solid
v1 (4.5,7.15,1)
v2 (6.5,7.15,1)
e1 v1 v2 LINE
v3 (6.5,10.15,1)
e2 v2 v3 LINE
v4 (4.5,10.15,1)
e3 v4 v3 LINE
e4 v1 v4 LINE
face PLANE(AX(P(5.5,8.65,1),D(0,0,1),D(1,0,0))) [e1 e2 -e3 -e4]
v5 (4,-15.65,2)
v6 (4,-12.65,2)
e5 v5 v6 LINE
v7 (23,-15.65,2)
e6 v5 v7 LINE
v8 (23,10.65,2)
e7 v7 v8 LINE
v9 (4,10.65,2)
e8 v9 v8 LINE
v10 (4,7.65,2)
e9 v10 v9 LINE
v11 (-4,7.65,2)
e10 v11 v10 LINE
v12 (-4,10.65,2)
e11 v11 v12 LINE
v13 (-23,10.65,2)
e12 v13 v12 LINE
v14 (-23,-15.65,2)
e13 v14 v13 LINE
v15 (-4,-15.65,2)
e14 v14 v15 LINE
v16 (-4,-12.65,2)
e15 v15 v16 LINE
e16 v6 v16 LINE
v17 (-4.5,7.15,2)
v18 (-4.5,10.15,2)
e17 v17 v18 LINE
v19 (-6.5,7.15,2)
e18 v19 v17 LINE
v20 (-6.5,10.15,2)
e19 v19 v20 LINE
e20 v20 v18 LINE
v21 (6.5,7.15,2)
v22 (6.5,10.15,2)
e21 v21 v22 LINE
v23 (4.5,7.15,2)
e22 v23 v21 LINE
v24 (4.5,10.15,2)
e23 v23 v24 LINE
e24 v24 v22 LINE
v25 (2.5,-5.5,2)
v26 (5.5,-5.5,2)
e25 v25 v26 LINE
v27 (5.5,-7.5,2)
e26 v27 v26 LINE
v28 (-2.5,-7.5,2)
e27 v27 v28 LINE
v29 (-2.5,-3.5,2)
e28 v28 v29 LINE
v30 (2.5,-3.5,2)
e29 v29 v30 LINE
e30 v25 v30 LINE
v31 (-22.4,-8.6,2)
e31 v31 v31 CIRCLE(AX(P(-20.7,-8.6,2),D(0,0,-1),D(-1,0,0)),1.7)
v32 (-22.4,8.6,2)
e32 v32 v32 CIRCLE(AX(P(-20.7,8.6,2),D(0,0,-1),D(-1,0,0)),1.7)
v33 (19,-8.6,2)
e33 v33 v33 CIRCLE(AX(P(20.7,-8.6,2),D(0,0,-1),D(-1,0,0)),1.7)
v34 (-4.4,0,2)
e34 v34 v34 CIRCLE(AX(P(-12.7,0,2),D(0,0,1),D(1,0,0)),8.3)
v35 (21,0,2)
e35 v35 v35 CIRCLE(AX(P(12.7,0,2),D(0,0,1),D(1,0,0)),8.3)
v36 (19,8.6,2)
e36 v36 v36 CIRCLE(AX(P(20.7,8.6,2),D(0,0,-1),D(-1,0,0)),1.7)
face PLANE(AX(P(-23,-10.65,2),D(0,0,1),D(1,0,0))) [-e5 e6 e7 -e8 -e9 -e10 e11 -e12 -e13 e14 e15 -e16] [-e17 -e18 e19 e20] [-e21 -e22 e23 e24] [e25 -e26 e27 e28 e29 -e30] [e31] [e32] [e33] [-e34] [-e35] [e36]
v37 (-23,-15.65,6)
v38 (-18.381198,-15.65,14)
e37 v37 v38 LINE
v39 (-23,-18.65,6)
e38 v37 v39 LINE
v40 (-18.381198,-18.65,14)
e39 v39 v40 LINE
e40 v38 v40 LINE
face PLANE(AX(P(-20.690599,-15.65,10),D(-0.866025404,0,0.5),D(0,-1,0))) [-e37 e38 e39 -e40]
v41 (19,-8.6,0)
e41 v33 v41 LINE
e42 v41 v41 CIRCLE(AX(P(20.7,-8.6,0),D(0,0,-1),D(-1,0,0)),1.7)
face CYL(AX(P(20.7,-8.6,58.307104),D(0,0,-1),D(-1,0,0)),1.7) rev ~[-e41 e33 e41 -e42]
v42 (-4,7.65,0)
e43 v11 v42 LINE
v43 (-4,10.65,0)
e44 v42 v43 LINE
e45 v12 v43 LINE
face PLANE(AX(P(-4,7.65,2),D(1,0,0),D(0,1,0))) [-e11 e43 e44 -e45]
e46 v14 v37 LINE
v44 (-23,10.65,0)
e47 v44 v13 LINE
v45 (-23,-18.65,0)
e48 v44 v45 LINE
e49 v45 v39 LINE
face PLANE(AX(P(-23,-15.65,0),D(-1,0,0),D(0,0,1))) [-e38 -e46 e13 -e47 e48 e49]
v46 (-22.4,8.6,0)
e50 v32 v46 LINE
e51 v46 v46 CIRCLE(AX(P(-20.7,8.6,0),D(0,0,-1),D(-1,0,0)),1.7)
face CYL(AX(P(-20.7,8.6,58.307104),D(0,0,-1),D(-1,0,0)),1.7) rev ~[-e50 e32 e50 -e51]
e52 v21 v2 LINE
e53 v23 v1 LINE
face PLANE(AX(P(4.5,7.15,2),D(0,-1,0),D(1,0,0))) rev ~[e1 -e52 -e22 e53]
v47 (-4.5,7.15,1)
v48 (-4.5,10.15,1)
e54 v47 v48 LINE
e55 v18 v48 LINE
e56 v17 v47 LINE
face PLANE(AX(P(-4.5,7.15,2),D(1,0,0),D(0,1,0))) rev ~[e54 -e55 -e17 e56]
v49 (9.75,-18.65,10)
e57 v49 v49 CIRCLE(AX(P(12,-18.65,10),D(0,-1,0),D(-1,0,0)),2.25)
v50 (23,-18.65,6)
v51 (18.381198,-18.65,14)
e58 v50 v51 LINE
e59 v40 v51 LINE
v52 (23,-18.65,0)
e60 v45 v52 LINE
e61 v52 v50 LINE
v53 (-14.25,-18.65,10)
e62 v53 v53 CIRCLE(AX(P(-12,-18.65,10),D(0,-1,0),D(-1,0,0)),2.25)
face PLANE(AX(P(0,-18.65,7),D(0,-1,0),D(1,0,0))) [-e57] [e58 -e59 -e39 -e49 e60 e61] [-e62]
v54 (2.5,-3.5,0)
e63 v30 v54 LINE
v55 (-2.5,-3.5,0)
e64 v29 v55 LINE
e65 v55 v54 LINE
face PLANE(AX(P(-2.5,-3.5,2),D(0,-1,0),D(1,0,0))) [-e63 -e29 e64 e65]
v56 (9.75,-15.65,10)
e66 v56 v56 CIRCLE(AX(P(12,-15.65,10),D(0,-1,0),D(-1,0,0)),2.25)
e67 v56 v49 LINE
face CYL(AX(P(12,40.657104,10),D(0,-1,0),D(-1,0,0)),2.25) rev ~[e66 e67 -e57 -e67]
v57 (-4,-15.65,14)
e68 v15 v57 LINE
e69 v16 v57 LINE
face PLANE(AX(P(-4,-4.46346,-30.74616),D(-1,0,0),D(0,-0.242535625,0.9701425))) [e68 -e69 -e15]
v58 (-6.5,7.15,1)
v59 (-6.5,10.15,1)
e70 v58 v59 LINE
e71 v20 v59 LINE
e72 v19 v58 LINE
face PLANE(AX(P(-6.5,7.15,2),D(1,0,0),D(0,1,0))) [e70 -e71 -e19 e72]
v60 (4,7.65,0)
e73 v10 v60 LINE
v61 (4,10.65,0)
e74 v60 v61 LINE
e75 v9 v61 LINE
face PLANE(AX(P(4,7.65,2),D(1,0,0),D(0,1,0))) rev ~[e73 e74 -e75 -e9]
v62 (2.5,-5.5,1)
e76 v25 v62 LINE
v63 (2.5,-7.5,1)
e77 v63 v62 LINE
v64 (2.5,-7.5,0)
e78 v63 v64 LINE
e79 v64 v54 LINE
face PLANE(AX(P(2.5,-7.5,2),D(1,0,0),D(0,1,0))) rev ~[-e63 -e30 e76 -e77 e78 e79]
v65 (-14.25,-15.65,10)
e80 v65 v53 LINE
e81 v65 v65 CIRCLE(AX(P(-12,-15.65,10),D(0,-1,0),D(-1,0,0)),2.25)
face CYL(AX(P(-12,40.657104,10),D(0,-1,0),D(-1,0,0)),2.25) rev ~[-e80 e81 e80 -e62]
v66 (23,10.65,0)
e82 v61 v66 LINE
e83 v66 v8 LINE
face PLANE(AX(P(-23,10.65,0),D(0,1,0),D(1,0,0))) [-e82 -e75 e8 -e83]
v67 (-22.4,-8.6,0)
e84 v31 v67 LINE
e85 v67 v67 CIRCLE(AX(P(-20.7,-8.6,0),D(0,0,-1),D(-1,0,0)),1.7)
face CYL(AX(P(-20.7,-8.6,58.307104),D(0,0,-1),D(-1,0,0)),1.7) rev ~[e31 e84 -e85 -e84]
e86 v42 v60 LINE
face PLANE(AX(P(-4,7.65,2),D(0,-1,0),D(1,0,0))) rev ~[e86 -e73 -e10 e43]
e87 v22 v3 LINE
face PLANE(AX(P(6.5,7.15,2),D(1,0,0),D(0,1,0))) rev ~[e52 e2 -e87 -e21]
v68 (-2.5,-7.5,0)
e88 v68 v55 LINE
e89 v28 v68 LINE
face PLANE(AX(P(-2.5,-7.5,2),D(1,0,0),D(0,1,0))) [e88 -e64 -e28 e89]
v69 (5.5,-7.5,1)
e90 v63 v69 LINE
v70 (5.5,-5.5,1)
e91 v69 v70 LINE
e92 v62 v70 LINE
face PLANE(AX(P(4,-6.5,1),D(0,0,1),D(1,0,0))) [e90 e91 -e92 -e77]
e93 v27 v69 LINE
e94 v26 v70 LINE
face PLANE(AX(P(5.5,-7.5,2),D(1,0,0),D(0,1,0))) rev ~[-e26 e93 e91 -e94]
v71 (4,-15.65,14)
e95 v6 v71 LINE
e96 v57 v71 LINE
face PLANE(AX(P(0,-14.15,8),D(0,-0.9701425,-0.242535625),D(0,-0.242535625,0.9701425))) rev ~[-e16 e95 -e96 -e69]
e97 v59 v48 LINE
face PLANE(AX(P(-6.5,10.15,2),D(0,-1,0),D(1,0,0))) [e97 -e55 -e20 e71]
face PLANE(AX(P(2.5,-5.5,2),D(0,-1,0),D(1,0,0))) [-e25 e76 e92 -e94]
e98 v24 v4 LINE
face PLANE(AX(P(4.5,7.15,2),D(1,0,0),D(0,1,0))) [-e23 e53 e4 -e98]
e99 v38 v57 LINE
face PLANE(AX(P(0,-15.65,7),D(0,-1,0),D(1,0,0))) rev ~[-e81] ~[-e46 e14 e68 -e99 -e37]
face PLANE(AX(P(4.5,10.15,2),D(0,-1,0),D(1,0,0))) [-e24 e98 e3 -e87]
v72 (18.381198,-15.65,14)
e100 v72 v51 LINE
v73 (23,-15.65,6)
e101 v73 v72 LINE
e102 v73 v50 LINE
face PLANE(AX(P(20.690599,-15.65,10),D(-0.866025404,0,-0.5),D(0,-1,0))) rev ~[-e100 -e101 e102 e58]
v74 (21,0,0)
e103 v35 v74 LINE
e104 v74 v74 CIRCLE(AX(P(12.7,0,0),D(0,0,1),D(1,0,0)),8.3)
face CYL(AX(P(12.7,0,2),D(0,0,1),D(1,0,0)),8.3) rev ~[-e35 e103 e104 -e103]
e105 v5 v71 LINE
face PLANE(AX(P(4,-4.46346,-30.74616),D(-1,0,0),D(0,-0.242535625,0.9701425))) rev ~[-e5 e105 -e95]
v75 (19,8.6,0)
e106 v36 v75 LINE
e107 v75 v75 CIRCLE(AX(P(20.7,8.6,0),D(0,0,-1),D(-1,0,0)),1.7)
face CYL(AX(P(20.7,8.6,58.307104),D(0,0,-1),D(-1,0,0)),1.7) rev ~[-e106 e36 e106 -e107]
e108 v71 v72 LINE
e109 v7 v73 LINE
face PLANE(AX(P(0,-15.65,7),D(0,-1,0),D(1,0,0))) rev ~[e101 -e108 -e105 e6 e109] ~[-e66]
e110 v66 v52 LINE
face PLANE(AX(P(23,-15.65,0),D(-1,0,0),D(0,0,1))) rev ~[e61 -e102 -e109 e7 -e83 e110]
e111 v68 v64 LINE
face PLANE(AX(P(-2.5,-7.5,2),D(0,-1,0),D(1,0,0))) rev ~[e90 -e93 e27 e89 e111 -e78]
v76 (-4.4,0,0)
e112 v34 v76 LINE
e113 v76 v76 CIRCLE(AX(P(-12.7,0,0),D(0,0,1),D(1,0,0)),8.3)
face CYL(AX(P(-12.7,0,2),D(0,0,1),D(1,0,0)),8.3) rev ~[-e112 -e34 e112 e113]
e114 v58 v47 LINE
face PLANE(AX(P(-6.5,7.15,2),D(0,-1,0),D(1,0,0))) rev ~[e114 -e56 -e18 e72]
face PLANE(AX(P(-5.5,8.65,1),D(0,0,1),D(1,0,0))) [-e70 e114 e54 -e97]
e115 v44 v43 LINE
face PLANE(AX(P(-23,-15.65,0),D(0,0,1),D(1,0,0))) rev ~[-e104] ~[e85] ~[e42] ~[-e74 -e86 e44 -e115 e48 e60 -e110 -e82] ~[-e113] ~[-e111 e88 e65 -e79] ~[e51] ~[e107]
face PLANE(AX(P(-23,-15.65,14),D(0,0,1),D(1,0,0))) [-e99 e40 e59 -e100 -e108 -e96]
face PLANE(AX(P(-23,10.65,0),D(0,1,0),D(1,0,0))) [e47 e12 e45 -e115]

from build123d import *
from OCP.BRepFilletAPI import BRepFilletAPI_MakeChamfer

# Parameters (mm, degrees)
SKETCH_1_W          = 46
SKETCH_1_H          = 21.3
EXTRUDE_1_DEPTH     = 2
SKETCH_2_R          = 8.3
CUT_EXTRUDE_1_DEPTH = 26.424840216
SKETCH_3_W          = 8
SKETCH_3_H          = 3
CUT_EXTRUDE_2_DEPTH = 26.424840216
SKETCH_4_W          = 5
SKETCH_4_H          = 4
CUT_EXTRUDE_3_DEPTH = 26.424840216
SKETCH_5_W          = 3
SKETCH_5_H          = 2
SKETCH_5_W_2        = 2
SKETCH_5_H_2        = 3
CUT_EXTRUDE_4_DEPTH = 1
SKETCH_8_W          = 46
SKETCH_8_H          = 2
EXTRUDE_2_DEPTH     = 5
SKETCH_9_W          = 46
SKETCH_9_H          = 14
EXTRUDE_3_DEPTH     = 3
HOLE_WIZARD_M3_1_D  = 3.4
HOLE_WIZARD_M4_1_D  = 4.5
RIB_1_REACH         = 34.754
SKETCH_13_WALL_W    = 79.877255328
SKETCH_13_WALL_H    = 8
CHAMFER_1_SIZE      = 8
CHAMFER_1_SIZE2     = 4.618802154


with BuildPart() as part:
    # 草圖1 → 填料-伸長1 (new body)
    with BuildSketch(Plane.XY):
        Rectangle(SKETCH_1_W, SKETCH_1_H)
    extrude(amount=EXTRUDE_1_DEPTH)

    # 草圖2 → 除料-伸長1 (cut, through all)
    with BuildSketch(Plane.XY.offset(2)):
        with Locations((-12.7, 0)):
            Circle(SKETCH_2_R)
        with Locations((12.7, 0)):
            Circle(SKETCH_2_R)
    extrude(amount=-CUT_EXTRUDE_1_DEPTH, mode=Mode.SUBTRACT)

    # 草圖3 → 除料-伸長2 (cut, through all)
    with BuildSketch(Plane.XY.offset(2)):
        with Locations((0, 9.15)):
            Rectangle(SKETCH_3_W, SKETCH_3_H)
    extrude(amount=-CUT_EXTRUDE_2_DEPTH, mode=Mode.SUBTRACT)

    # 草圖4 → 除料-伸長3 (cut, through all)
    with BuildSketch(Plane.XY.offset(2)):
        with Locations((0, -5.5)):
            Rectangle(SKETCH_4_W, SKETCH_4_H)
    extrude(amount=-CUT_EXTRUDE_3_DEPTH, mode=Mode.SUBTRACT)

    # 草圖5 → 除料-伸長4 (cut)
    with BuildSketch(Plane.XY.offset(2)):
        with Locations((4, -6.5)):
            Rectangle(SKETCH_5_W, SKETCH_5_H)
        with Locations((-5.5, 8.65)):
            Rectangle(SKETCH_5_W_2, SKETCH_5_H_2)
        with Locations((5.5, 8.65)):
            Rectangle(SKETCH_5_W_2, SKETCH_5_H_2)
    extrude(amount=-CUT_EXTRUDE_4_DEPTH, mode=Mode.SUBTRACT)

    # 草圖8 → 填料-伸長2 (add)
    with BuildSketch(Plane.XZ.offset(10.65)):
        with Locations((0, 1)):
            Rectangle(SKETCH_8_W, SKETCH_8_H)
    extrude(amount=EXTRUDE_2_DEPTH)

    # 草圖9 → 填料-伸長3 (add)
    with BuildSketch(Plane.XZ.offset(15.65)):
        with Locations((0, 7)):
            Rectangle(SKETCH_9_W, SKETCH_9_H)
    extrude(amount=EXTRUDE_3_DEPTH)

    # M3 餘隙孔1 (through all)
    with Locations(Plane.XY.offset(2)):
        with Locations((20.7, 8.6), (-20.7, -8.6), (-20.7, 8.6), (20.7, -8.6)):
            Hole(HOLE_WIZARD_M3_1_D / 2)

    # M4 餘隙孔1 (through all)
    with Locations(Plane(origin=(0, -15.65, 0), x_dir=(1, 0, 0), z_dir=(0, 1, 0))):
        with Locations((12, -10), (-12, -10)):
            Hole(HOLE_WIZARD_M4_1_D / 2)

    # 草圖13 wall → 肋材1 (add, up to next)
    with BuildSketch(Plane(origin=(0, -14.15, 8), x_dir=(0, -0.242535625036, 0.970142500145), z_dir=(0, -0.970142500145, -0.242535625036)), mode=Mode.PRIVATE) as rib_1_sk1:
        Rectangle(SKETCH_13_WALL_W, SKETCH_13_WALL_H)
    rib_1_tool1 = extrude(rib_1_sk1.sketch, amount=RIB_1_REACH, mode=Mode.PRIVATE) - part.part
    add(rib_1_tool1.solids().sort_by_distance((0, -14.15, 8))[0])

    # 導角1: one chamfer whose edges measure the first distance from different faces: ONE call of the kernel's chamfer builder (chamfer() names one face for all edges)
    chamfer_1_edges_1 = [part.edges().sort_by_distance(p)[0] for p in [
        (-23, -17.15, 14),
    ]]
    chamfer_1_side_1 = [part.faces().sort_by_distance(p)[0] for p in [
        (-23, 10.325270882, 1),
    ]]
    chamfer_1_edges_2 = [part.edges().sort_by_distance(p)[0] for p in [
        (23, -17.15, 14),
    ]]
    chamfer_1_side_2 = [part.faces().sort_by_distance(p)[0] for p in [
        (23, 10.325270882, 1),
    ]]
    chamfer_1 = BRepFilletAPI_MakeChamfer(part.part.solid().wrapped)
    for e in chamfer_1_edges_1:
        chamfer_1.Add(CHAMFER_1_SIZE, CHAMFER_1_SIZE2, e.wrapped, chamfer_1_side_1[0].wrapped)  # the first distance lies on this face
    for e in chamfer_1_edges_2:
        chamfer_1.Add(CHAMFER_1_SIZE, CHAMFER_1_SIZE2, e.wrapped, chamfer_1_side_2[0].wrapped)  # the first distance lies on this face
    add(Compound.cast(chamfer_1.Shape()), mode=Mode.REPLACE)


solid = part.part
